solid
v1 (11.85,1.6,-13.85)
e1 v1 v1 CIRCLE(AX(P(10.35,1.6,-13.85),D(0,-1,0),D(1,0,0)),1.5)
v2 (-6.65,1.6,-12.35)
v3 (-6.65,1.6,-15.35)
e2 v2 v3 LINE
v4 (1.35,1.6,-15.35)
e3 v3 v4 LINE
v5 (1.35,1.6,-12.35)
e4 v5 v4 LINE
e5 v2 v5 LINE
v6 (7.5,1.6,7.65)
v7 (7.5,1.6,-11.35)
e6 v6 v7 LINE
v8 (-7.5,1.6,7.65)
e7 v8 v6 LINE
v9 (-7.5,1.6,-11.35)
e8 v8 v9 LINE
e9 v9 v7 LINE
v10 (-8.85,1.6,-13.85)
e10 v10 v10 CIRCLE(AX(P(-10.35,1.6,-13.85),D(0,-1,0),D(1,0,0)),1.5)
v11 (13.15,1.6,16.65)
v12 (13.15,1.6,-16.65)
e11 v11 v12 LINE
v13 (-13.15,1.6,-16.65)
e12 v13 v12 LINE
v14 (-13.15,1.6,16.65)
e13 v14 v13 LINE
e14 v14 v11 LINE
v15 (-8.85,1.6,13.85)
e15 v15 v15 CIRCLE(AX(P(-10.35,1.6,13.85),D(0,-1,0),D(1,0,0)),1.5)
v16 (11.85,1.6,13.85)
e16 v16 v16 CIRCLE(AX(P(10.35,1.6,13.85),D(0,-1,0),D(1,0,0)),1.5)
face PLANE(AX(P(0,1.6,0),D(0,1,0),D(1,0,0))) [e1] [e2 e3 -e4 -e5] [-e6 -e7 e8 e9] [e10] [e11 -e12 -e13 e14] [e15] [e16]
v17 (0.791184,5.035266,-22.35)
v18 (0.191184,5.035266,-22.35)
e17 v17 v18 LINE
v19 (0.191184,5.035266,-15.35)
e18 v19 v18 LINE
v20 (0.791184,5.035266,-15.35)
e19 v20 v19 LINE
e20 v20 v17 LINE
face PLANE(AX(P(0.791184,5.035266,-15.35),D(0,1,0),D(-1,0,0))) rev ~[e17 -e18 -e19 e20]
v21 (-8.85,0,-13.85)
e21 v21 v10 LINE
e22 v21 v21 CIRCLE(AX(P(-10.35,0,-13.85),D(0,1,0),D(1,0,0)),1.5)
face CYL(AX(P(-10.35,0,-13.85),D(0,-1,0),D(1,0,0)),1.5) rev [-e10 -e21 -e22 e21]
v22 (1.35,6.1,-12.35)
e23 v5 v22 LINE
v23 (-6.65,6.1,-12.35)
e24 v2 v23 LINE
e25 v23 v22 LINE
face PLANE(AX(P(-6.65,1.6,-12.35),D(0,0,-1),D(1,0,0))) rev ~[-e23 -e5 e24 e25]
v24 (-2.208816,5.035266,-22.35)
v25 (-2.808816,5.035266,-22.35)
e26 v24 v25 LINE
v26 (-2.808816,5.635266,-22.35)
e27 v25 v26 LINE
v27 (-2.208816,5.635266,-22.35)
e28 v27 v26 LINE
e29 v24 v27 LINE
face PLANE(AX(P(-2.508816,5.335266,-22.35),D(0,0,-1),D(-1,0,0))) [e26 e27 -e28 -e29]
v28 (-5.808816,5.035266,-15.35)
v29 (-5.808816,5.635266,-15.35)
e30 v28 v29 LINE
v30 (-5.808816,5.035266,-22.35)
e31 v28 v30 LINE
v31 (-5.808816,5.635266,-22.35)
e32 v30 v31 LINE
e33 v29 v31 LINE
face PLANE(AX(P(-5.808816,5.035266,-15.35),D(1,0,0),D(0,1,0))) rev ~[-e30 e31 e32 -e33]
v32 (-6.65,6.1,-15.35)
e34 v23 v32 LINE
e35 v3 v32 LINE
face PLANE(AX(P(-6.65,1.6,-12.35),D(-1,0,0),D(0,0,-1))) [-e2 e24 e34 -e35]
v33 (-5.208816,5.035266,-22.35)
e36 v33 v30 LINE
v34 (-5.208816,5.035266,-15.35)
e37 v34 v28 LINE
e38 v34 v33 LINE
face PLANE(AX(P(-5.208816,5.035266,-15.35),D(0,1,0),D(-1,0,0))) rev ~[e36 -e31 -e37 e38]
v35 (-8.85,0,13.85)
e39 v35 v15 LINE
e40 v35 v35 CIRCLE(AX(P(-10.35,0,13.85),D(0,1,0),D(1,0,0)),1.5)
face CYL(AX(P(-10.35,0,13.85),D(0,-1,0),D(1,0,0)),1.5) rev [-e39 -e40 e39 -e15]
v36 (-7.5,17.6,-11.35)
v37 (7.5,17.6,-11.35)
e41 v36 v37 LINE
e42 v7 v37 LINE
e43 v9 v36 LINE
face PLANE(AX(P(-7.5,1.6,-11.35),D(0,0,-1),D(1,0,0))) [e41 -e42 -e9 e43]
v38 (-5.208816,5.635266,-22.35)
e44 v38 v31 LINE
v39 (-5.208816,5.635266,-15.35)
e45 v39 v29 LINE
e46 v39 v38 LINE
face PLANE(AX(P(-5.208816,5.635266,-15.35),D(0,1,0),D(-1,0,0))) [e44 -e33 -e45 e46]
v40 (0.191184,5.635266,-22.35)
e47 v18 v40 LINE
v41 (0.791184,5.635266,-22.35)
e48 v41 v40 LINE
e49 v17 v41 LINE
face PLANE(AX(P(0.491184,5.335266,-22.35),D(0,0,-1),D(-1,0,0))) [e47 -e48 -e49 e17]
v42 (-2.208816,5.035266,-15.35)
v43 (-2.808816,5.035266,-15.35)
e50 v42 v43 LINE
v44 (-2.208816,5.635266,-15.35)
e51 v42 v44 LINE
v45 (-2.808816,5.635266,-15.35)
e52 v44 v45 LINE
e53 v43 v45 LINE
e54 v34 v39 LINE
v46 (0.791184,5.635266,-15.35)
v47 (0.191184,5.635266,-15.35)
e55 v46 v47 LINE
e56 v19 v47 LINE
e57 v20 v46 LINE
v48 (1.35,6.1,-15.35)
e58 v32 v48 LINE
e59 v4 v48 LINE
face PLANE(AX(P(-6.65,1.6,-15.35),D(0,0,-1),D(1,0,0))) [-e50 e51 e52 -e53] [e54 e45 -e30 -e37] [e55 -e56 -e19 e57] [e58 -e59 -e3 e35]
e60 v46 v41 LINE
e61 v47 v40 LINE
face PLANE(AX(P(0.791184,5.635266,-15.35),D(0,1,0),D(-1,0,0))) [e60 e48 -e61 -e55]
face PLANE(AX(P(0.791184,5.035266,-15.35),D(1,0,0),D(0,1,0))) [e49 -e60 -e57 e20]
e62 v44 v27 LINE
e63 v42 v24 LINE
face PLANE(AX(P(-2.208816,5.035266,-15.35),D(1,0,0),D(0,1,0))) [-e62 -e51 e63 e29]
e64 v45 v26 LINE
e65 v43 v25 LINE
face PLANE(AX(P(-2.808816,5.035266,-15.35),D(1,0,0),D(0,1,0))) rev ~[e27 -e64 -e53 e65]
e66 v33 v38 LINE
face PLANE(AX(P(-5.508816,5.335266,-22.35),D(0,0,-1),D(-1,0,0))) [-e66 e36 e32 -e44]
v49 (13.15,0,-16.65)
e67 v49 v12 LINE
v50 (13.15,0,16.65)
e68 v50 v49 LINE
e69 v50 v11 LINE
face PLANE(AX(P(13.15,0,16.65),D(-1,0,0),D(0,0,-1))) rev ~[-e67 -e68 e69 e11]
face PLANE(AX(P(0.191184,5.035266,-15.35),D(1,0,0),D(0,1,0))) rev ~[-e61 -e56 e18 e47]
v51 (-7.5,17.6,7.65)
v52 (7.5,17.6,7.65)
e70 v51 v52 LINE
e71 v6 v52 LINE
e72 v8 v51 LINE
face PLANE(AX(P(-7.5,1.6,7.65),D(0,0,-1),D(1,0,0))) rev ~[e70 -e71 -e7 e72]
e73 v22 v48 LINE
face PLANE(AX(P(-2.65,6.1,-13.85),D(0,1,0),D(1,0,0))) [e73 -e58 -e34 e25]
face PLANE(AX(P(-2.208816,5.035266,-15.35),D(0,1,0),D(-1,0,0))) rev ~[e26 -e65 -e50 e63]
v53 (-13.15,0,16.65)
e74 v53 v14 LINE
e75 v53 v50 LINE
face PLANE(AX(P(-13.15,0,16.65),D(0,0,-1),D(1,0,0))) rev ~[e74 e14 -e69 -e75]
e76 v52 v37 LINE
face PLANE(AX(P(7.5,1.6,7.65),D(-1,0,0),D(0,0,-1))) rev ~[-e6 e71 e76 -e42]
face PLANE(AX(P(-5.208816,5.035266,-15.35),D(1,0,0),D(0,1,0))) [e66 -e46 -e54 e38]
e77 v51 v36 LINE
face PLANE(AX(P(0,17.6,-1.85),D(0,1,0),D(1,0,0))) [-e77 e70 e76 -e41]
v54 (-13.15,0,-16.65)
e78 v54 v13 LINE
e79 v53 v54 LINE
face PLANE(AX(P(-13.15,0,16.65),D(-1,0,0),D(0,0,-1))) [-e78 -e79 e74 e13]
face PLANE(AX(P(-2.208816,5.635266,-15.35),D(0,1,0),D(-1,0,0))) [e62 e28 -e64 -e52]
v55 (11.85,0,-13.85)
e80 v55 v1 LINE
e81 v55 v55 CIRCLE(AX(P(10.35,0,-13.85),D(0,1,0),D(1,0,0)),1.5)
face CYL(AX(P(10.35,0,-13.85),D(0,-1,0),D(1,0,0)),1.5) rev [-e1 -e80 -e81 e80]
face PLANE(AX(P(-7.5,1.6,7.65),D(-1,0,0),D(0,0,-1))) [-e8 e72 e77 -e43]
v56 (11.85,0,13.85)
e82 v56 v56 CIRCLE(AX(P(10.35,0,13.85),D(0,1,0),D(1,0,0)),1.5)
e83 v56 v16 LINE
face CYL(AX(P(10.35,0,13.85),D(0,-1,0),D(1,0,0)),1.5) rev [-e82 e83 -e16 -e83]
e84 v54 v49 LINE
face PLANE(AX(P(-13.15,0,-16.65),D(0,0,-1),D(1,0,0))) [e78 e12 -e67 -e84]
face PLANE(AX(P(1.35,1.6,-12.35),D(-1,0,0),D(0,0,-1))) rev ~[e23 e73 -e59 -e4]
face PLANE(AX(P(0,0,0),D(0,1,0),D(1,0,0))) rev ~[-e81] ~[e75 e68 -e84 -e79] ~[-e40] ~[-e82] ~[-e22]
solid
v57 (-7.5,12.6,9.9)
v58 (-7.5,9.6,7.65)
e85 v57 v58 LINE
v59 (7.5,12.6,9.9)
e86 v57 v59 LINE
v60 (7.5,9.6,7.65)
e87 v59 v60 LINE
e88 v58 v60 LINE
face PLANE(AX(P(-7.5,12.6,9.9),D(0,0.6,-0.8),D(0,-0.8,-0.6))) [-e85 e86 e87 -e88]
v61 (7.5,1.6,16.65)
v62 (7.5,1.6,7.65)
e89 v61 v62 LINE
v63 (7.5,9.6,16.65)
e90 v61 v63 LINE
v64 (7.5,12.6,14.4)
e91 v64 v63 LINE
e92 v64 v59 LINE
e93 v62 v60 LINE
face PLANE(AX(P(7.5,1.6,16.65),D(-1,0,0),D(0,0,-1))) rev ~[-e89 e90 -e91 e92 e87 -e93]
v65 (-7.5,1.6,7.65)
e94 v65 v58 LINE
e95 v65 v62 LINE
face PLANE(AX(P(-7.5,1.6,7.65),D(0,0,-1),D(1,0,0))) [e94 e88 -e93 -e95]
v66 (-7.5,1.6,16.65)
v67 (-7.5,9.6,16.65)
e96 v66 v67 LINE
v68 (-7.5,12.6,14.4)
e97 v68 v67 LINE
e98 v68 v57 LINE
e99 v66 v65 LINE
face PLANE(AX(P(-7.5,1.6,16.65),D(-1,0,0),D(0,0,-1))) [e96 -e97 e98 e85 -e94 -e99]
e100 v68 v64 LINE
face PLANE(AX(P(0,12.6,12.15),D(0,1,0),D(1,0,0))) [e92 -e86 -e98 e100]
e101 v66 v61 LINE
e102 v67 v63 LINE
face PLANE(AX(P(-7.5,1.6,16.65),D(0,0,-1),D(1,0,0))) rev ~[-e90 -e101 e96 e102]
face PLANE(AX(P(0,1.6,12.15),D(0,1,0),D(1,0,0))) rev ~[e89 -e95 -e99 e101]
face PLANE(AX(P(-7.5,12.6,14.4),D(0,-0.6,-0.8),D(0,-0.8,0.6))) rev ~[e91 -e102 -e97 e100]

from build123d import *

# Parameters (mm, degrees)
SKETCH2_W       = 26.3
SKETCH2_H       = 33.3
EXTRUDE1_DEPTH  = 1.6
SKETCH3_W       = 15
SKETCH3_H       = 19
EXTRUDE2_DEPTH  = 16
SKETCH4_W       = 15
SKETCH4_H       = 9
EXTRUDE3_DEPTH  = 11
EXTRUDE5_DEPTH  = 21.65
SKETCH8_W       = 8
SKETCH8_H       = 3
EXTRUDE6_DEPTH  = 4.5
SKETCH9_W       = 0.6
SKETCH9_H       = 0.6
EXTRUDE9_DEPTH  = 7
SKETCH10_R      = 1.5
EXTRUDE10_DEPTH = 18.6


with BuildPart() as part:
    # Sketch2 → Extrude1 (new body)
    with BuildSketch(Plane(origin=(0, 0, 0), x_dir=(1, 0, 0), z_dir=(0, 1, 0))):
        Rectangle(SKETCH2_W, SKETCH2_H)
    extrude(amount=EXTRUDE1_DEPTH)

    # Sketch3 → Extrude2 (add)
    with BuildSketch(Plane(origin=(0, 1.6, 0), x_dir=(1, 0, 0), z_dir=(0, 1, 0))):
        with Locations((0, 1.85)):
            Rectangle(SKETCH3_W, SKETCH3_H)
    extrude(amount=EXTRUDE2_DEPTH)

    # Sketch8 → Extrude6 (add)
    with BuildSketch(Plane(origin=(0, 1.6, 0), x_dir=(1, 0, 0), z_dir=(0, 1, 0))):
        with Locations((-2.65, 13.85)):
            Rectangle(SKETCH8_W, SKETCH8_H)
    extrude(amount=EXTRUDE6_DEPTH)

    # Sketch9 → Extrude9 (add)
    with BuildSketch(Plane(origin=(0, 0, -15.35), x_dir=(-1, 0, 0), z_dir=(0, 0, -1))):
        with Locations((2.508816384, 5.335265534)):
            Rectangle(SKETCH9_W, SKETCH9_H)
        with Locations((-0.491183616, 5.335265534)):
            Rectangle(SKETCH9_W, SKETCH9_H)
        with Locations((5.508816384, 5.335265534)):
            Rectangle(SKETCH9_W, SKETCH9_H)
    extrude(amount=EXTRUDE9_DEPTH)

    # Sketch10 → Extrude10 (cut, through all)
    with BuildSketch(Plane(origin=(0, 0, 0), x_dir=(1, 0, 0), z_dir=(0, 1, 0))):
        with Locations((-10.35, -13.85)):
            Circle(SKETCH10_R)
        with Locations((10.35, -13.85)):
            Circle(SKETCH10_R)
        with Locations((10.35, 13.85)):
            Circle(SKETCH10_R)
        with Locations((-10.35, 13.85)):
            Circle(SKETCH10_R)
    extrude(amount=EXTRUDE10_DEPTH, mode=Mode.SUBTRACT)


with BuildPart() as body_2:
    # Sketch4 → Extrude3 (new body)
    with BuildSketch(Plane(origin=(0, 1.6, 0), x_dir=(1, 0, 0), z_dir=(0, 1, 0))):
        with Locations((0, -12.15)):
            Rectangle(SKETCH4_W, SKETCH4_H)
    extrude(amount=EXTRUDE3_DEPTH)

    # Sketch7 → Extrude5 (cut, through all)
    with BuildSketch(Plane.ZY.offset(7.5)):
        Polygon((9.9, 12.6), (7.65, 9.6), (7.65, 12.6), align=None)
        Polygon((16.65, 9.6), (16.65, 12.6), (14.4, 12.6), align=None)
    extrude(amount=-EXTRUDE5_DEPTH, mode=Mode.SUBTRACT)


solid = Compound([part.part, body_2.part])
